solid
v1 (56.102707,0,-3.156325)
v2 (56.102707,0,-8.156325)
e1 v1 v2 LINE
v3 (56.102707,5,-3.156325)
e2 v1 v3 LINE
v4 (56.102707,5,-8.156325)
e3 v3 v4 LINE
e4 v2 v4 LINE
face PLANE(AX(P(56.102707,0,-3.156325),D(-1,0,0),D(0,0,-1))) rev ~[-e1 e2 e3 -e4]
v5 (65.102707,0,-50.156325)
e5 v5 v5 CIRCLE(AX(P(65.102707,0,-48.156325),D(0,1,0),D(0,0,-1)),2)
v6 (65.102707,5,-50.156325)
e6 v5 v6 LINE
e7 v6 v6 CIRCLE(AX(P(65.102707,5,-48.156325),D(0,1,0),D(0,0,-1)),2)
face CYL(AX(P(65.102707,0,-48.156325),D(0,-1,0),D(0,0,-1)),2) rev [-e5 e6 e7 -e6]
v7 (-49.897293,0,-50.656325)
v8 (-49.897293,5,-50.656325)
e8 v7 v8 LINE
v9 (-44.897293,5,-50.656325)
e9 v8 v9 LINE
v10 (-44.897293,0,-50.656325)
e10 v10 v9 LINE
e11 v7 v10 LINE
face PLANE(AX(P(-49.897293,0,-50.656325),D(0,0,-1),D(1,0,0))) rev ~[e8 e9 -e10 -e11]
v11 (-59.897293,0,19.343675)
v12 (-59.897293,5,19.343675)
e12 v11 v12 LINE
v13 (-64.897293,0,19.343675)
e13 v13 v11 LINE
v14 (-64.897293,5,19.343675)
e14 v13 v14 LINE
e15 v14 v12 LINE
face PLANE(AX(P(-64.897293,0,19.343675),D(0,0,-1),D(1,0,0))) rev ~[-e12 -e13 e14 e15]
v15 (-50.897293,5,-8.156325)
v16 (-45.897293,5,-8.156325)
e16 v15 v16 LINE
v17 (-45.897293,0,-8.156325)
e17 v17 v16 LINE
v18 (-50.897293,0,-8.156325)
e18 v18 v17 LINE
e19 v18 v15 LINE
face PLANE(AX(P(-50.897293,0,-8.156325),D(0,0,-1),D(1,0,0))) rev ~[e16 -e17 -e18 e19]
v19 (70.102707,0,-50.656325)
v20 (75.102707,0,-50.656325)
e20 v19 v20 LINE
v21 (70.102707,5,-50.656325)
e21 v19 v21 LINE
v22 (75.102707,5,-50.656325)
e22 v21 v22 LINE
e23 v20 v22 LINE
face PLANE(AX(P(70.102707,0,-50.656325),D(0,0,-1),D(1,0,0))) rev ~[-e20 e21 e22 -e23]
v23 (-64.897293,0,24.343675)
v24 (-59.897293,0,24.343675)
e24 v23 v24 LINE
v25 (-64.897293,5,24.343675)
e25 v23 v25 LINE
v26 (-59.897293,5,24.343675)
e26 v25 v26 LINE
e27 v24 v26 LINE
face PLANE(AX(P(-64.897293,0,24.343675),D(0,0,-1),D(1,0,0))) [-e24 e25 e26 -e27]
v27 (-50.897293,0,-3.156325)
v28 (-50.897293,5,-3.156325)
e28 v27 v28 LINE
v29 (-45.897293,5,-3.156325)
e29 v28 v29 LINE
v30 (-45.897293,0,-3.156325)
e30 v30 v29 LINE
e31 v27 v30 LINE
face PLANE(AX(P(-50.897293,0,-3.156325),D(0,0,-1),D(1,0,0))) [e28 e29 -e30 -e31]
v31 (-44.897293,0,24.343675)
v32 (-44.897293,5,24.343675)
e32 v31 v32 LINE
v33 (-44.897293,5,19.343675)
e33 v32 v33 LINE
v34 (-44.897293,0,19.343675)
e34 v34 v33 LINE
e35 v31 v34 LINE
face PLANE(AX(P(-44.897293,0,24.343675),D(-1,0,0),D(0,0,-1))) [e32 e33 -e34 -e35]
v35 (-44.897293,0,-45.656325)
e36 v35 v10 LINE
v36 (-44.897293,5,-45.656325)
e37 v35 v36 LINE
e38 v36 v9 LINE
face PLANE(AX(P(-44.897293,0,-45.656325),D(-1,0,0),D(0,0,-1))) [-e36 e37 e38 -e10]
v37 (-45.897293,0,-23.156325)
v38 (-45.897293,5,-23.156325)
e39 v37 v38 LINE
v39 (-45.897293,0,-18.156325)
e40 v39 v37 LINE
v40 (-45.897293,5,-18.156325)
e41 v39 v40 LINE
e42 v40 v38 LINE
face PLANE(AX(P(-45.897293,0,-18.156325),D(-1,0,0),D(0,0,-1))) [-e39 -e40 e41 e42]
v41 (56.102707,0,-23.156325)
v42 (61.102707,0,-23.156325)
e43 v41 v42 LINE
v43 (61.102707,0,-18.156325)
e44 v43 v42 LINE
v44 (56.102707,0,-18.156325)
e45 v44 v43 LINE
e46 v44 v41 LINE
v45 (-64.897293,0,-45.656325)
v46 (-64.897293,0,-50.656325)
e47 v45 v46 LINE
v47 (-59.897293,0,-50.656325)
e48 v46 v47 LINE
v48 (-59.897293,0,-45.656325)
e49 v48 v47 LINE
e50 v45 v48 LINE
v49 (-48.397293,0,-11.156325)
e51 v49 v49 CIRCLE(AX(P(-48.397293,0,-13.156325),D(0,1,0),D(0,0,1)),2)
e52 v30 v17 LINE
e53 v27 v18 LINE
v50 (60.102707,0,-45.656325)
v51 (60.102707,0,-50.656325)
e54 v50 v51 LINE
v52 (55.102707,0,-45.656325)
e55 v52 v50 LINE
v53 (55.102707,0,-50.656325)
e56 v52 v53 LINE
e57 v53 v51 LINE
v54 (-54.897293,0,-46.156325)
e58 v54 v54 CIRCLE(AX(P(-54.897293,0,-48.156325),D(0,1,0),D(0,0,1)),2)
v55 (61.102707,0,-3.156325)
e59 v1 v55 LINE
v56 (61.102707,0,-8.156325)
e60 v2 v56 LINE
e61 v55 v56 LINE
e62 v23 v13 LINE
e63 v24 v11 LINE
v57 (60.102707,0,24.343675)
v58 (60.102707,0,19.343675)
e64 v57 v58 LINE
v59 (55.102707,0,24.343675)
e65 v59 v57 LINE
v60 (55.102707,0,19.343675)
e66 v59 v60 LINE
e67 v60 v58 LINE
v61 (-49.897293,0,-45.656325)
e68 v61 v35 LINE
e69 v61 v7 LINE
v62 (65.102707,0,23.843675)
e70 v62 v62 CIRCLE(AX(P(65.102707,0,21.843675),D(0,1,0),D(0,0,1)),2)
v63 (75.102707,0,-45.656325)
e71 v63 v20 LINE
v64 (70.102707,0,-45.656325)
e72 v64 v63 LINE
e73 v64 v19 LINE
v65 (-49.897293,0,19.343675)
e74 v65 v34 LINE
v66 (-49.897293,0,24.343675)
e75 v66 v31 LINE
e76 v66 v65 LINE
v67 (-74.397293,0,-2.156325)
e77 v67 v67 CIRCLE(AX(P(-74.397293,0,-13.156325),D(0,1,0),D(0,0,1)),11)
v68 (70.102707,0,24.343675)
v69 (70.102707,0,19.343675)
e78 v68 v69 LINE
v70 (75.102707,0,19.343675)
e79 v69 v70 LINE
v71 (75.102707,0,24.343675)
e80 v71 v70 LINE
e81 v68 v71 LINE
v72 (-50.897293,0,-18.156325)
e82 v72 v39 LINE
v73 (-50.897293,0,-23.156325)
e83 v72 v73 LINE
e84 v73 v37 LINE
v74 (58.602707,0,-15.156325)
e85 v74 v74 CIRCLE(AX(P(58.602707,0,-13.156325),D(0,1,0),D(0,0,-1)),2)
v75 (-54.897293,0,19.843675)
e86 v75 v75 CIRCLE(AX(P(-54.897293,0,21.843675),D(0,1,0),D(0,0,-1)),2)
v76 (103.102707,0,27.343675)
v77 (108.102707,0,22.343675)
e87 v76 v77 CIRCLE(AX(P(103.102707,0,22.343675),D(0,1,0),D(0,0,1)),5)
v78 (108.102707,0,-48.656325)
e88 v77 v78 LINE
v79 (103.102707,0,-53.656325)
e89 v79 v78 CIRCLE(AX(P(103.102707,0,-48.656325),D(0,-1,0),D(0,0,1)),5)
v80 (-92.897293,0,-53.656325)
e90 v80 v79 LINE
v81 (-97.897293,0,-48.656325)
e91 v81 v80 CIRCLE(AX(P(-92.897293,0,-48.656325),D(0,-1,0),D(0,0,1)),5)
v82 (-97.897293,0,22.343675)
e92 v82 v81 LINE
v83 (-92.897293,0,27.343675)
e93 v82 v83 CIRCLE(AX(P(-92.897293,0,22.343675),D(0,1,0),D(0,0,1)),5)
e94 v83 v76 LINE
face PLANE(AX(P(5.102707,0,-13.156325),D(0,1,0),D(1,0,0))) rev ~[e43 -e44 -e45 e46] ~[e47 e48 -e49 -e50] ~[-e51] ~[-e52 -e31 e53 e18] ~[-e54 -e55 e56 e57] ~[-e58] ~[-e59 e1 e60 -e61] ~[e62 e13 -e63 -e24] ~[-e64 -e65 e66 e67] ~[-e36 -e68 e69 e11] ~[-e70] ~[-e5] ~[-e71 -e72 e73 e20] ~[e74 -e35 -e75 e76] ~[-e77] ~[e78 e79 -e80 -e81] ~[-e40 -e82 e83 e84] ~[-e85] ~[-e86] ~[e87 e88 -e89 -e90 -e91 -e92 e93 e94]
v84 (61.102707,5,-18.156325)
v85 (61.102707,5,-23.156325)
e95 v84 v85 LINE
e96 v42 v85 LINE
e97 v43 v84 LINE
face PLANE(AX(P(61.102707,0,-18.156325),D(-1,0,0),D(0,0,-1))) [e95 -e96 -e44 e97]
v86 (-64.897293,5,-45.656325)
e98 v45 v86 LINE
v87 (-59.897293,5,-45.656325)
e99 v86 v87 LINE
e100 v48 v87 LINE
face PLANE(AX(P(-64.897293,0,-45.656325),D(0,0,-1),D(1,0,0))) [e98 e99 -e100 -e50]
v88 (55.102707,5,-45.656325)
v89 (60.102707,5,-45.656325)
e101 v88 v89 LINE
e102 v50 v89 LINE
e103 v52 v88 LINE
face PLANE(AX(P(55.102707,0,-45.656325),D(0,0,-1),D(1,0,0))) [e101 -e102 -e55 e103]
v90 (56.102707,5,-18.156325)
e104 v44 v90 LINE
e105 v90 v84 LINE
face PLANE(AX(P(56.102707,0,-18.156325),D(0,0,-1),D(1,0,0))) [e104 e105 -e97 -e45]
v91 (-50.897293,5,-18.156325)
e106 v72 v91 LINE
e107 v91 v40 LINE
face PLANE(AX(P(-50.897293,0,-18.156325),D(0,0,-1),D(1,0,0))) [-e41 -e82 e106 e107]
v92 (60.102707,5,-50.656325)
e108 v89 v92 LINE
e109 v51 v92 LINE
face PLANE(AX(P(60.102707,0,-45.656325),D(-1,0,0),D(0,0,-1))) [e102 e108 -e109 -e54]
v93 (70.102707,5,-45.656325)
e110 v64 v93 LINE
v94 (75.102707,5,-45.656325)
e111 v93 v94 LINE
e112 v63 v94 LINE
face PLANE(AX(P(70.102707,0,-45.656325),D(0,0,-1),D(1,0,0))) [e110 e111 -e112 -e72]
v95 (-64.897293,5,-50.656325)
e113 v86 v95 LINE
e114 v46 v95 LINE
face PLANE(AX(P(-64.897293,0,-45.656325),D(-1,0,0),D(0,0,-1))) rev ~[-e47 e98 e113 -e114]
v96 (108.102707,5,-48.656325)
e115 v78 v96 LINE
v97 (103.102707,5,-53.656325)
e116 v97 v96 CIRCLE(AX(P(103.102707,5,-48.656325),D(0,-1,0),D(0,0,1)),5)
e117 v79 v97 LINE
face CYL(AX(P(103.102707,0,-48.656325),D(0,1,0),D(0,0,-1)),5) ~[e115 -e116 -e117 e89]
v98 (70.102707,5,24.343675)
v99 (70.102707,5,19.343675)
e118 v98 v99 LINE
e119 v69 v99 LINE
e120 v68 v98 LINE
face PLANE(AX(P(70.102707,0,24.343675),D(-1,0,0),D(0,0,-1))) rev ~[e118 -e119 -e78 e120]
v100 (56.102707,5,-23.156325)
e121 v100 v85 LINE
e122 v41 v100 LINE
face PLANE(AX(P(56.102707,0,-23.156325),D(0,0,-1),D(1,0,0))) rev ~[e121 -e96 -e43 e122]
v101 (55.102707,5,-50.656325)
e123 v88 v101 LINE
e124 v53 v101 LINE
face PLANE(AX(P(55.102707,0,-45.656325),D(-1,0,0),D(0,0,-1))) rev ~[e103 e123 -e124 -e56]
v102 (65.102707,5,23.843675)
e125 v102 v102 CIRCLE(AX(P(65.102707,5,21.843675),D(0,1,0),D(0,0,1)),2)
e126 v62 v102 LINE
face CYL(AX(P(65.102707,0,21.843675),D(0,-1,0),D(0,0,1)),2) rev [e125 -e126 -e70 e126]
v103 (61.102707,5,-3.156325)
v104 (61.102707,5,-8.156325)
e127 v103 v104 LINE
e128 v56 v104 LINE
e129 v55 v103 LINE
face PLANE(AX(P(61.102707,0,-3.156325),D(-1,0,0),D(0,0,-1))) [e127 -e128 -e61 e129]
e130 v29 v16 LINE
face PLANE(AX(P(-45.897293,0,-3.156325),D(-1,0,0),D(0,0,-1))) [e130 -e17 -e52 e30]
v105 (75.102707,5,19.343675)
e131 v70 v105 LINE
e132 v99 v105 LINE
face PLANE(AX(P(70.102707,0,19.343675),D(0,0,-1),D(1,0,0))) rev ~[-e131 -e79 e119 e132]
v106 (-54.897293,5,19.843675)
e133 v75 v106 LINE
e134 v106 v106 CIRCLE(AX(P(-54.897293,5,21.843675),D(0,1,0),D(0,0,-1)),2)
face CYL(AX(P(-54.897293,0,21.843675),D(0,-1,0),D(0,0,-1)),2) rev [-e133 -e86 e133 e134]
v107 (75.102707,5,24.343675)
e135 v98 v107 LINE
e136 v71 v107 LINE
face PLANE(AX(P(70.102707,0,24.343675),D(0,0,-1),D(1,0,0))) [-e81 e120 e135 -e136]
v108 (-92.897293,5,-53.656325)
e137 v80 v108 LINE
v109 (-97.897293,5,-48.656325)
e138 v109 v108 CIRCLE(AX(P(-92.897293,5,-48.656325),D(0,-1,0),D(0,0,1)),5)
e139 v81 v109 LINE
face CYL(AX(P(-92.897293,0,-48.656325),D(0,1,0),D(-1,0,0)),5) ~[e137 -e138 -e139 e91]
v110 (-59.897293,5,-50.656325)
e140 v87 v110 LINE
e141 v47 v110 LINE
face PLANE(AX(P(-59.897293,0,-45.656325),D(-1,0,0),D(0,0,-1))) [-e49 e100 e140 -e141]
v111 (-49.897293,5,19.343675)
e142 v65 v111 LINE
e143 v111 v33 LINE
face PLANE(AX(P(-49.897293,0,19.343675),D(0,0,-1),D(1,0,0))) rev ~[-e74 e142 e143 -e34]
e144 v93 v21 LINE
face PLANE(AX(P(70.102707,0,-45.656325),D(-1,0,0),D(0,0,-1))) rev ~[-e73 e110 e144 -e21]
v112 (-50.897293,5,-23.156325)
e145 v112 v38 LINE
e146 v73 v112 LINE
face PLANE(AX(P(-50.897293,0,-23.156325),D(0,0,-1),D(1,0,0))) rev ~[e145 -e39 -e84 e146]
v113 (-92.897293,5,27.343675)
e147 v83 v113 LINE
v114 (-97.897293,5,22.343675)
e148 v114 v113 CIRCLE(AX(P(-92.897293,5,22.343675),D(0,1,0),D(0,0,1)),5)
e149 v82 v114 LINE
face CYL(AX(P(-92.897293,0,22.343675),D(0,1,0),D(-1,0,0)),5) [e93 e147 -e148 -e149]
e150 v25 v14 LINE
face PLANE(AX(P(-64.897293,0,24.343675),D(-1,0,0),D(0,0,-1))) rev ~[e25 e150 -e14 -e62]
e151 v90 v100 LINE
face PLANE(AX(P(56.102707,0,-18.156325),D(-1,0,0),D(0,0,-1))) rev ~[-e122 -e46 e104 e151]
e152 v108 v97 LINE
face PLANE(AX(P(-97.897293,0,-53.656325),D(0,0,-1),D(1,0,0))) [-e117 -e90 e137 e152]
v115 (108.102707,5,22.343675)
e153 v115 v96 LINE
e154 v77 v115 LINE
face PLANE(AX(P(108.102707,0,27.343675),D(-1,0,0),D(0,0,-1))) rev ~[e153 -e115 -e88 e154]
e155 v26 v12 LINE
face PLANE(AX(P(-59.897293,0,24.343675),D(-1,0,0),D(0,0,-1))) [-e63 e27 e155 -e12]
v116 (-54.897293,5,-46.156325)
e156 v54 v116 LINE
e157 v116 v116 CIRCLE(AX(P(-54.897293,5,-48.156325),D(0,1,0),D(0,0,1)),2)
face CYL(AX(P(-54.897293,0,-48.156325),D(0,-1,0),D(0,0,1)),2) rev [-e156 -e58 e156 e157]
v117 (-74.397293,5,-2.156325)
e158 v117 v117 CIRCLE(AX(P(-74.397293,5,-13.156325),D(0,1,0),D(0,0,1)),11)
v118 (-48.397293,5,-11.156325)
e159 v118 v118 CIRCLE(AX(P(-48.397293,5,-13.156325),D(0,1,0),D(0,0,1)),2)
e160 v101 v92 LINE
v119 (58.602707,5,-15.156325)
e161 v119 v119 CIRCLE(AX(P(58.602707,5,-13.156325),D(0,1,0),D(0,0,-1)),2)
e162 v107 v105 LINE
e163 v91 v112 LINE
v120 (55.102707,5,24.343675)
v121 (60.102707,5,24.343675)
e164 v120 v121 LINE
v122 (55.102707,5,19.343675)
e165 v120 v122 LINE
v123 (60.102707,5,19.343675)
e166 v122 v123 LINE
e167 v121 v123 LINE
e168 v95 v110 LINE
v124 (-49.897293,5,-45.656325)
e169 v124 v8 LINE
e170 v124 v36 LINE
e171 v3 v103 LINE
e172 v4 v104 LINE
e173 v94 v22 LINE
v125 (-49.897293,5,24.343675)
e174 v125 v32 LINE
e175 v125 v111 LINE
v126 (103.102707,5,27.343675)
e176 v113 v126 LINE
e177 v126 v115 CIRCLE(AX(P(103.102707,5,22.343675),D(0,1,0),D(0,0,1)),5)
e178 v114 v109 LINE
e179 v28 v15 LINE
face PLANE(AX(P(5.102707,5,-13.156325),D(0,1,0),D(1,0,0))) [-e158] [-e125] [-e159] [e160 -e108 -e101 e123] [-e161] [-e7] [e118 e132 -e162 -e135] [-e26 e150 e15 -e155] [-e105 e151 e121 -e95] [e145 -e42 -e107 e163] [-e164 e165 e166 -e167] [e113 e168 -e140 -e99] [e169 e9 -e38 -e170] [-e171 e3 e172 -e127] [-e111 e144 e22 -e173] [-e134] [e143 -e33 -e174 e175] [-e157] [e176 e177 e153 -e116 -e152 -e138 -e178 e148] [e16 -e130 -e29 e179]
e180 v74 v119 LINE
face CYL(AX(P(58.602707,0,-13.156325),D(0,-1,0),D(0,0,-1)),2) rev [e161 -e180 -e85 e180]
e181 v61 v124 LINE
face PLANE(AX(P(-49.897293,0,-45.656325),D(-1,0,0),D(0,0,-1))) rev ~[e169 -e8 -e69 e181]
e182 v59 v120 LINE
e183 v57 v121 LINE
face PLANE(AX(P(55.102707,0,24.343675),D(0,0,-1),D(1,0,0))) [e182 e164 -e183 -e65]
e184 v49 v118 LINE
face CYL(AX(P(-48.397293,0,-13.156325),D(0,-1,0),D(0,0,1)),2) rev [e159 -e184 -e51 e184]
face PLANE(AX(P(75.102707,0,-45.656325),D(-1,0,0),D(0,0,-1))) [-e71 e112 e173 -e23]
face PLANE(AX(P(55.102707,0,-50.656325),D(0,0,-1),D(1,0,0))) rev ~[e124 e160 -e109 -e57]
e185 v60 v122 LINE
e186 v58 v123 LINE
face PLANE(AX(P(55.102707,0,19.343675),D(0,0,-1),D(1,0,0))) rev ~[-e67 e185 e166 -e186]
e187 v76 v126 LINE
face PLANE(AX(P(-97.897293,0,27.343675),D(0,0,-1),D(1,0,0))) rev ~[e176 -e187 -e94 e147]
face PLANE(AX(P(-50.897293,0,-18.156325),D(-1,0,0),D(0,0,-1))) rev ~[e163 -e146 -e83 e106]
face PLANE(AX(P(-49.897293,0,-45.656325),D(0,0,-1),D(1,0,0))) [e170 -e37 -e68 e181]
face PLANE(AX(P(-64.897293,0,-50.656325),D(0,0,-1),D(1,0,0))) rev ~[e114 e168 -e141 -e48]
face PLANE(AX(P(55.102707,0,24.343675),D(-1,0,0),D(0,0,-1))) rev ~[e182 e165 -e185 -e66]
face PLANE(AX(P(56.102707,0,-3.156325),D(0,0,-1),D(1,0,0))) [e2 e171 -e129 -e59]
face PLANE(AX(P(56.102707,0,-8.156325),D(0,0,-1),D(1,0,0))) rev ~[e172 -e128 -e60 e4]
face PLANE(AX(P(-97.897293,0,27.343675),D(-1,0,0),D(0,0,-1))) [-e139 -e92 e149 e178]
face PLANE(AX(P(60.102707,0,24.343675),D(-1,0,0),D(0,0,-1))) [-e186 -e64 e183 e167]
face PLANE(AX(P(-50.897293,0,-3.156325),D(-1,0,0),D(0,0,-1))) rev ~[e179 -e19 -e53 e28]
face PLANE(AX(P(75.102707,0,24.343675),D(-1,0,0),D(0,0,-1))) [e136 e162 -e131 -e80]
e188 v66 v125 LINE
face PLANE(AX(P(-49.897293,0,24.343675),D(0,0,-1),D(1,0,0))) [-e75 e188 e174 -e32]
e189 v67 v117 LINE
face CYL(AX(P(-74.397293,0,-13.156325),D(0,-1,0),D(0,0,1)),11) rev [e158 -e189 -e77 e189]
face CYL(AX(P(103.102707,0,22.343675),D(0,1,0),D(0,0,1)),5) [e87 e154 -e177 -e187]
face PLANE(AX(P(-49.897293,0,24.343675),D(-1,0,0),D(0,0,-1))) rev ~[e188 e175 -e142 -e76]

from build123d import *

# Parameters (mm, degrees)
SKETCH1_W           = 206
SKETCH1_H           = 81
SKETCH1_R           = 2
SKETCH1_R_2         = 11
SKETCH1_W_2         = 5
SKETCH1_H_2         = 5
BOSS_EXTRUDE4_DEPTH = 5
FILLET9_R           = 5


with BuildPart() as part:
    # Sketch1 → Boss-Extrude4 (new body)
    with BuildSketch(Plane(origin=(0, 0, 0), x_dir=(1, 0, 0), z_dir=(0, 1, 0))):
        with Locations((5.102707087, 13.156325227)):
            Rectangle(SKETCH1_W, SKETCH1_H)
        with Locations(Location((-54.897292913, 48.156325227, 0), (0, 0, 270))):
            Circle(SKETCH1_R, mode=Mode.SUBTRACT)
        with Locations(Location((-54.897292913, -21.843674773, 0), (0, 0, 90))):
            Circle(SKETCH1_R, mode=Mode.SUBTRACT)
        with Locations(Location((65.102707087, -21.843674773, 0), (0, 0, 270))):
            Circle(SKETCH1_R, mode=Mode.SUBTRACT)
        with Locations(Location((65.102707087, 48.156325227, 0), (0, 0, 90))):
            Circle(SKETCH1_R, mode=Mode.SUBTRACT)
        with Locations(Location((-48.397292913, 13.156325227, 0), (0, 0, 270))):
            Circle(SKETCH1_R, mode=Mode.SUBTRACT)
        with Locations(Location((58.602707087, 13.156325227, 0), (0, 0, 90))):
            Circle(SKETCH1_R, mode=Mode.SUBTRACT)
        with Locations(Location((-74.397292913, 13.156325227, 0), (0, 0, 270))):
            Circle(SKETCH1_R_2, mode=Mode.SUBTRACT)
        with Locations((57.602707087, 48.156325227)):
            Rectangle(SKETCH1_W_2, SKETCH1_H_2, mode=Mode.SUBTRACT)
        with Locations((-62.397292913, 48.156325227)):
            Rectangle(SKETCH1_W_2, SKETCH1_H_2, mode=Mode.SUBTRACT)
        with Locations((-47.397292913, 48.156325227)):
            Rectangle(SKETCH1_W_2, SKETCH1_H_2, mode=Mode.SUBTRACT)
        with Locations((72.602707087, 48.156325227)):
            Rectangle(SKETCH1_W_2, SKETCH1_H_2, mode=Mode.SUBTRACT)
        with Locations((72.602707087, -21.843674773)):
            Rectangle(SKETCH1_W_2, SKETCH1_H_2, mode=Mode.SUBTRACT)
        with Locations((57.602707087, -21.843674773)):
            Rectangle(SKETCH1_W_2, SKETCH1_H_2, mode=Mode.SUBTRACT)
        with Locations((-47.397292913, -21.843674773)):
            Rectangle(SKETCH1_W_2, SKETCH1_H_2, mode=Mode.SUBTRACT)
        with Locations((-62.397292913, -21.843674773)):
            Rectangle(SKETCH1_W_2, SKETCH1_H_2, mode=Mode.SUBTRACT)
        with Locations((-48.397292913, 20.656325227)):
            Rectangle(SKETCH1_W_2, SKETCH1_H_2, mode=Mode.SUBTRACT)
        with Locations((-48.397292913, 5.656325227)):
            Rectangle(SKETCH1_W_2, SKETCH1_H_2, mode=Mode.SUBTRACT)
        with Locations((58.602707087, 5.656325227)):
            Rectangle(SKETCH1_W_2, SKETCH1_H_2, mode=Mode.SUBTRACT)
        with Locations((58.602707087, 20.656325227)):
            Rectangle(SKETCH1_W_2, SKETCH1_H_2, mode=Mode.SUBTRACT)
    extrude(amount=BOSS_EXTRUDE4_DEPTH)

    # Fillet9
    fillet9_edges = [part.edges().sort_by_distance(p)[0] for p in [
        (-97.897292913, 2.5, -53.656325227),
        (108.102707087, 2.5, -53.656325227),
        (108.102707087, 2.5, 27.343674773),
        (-97.897292913, 2.5, 27.343674773),
    ]]
    fillet(fillet9_edges, radius=FILLET9_R)


solid = part.part
